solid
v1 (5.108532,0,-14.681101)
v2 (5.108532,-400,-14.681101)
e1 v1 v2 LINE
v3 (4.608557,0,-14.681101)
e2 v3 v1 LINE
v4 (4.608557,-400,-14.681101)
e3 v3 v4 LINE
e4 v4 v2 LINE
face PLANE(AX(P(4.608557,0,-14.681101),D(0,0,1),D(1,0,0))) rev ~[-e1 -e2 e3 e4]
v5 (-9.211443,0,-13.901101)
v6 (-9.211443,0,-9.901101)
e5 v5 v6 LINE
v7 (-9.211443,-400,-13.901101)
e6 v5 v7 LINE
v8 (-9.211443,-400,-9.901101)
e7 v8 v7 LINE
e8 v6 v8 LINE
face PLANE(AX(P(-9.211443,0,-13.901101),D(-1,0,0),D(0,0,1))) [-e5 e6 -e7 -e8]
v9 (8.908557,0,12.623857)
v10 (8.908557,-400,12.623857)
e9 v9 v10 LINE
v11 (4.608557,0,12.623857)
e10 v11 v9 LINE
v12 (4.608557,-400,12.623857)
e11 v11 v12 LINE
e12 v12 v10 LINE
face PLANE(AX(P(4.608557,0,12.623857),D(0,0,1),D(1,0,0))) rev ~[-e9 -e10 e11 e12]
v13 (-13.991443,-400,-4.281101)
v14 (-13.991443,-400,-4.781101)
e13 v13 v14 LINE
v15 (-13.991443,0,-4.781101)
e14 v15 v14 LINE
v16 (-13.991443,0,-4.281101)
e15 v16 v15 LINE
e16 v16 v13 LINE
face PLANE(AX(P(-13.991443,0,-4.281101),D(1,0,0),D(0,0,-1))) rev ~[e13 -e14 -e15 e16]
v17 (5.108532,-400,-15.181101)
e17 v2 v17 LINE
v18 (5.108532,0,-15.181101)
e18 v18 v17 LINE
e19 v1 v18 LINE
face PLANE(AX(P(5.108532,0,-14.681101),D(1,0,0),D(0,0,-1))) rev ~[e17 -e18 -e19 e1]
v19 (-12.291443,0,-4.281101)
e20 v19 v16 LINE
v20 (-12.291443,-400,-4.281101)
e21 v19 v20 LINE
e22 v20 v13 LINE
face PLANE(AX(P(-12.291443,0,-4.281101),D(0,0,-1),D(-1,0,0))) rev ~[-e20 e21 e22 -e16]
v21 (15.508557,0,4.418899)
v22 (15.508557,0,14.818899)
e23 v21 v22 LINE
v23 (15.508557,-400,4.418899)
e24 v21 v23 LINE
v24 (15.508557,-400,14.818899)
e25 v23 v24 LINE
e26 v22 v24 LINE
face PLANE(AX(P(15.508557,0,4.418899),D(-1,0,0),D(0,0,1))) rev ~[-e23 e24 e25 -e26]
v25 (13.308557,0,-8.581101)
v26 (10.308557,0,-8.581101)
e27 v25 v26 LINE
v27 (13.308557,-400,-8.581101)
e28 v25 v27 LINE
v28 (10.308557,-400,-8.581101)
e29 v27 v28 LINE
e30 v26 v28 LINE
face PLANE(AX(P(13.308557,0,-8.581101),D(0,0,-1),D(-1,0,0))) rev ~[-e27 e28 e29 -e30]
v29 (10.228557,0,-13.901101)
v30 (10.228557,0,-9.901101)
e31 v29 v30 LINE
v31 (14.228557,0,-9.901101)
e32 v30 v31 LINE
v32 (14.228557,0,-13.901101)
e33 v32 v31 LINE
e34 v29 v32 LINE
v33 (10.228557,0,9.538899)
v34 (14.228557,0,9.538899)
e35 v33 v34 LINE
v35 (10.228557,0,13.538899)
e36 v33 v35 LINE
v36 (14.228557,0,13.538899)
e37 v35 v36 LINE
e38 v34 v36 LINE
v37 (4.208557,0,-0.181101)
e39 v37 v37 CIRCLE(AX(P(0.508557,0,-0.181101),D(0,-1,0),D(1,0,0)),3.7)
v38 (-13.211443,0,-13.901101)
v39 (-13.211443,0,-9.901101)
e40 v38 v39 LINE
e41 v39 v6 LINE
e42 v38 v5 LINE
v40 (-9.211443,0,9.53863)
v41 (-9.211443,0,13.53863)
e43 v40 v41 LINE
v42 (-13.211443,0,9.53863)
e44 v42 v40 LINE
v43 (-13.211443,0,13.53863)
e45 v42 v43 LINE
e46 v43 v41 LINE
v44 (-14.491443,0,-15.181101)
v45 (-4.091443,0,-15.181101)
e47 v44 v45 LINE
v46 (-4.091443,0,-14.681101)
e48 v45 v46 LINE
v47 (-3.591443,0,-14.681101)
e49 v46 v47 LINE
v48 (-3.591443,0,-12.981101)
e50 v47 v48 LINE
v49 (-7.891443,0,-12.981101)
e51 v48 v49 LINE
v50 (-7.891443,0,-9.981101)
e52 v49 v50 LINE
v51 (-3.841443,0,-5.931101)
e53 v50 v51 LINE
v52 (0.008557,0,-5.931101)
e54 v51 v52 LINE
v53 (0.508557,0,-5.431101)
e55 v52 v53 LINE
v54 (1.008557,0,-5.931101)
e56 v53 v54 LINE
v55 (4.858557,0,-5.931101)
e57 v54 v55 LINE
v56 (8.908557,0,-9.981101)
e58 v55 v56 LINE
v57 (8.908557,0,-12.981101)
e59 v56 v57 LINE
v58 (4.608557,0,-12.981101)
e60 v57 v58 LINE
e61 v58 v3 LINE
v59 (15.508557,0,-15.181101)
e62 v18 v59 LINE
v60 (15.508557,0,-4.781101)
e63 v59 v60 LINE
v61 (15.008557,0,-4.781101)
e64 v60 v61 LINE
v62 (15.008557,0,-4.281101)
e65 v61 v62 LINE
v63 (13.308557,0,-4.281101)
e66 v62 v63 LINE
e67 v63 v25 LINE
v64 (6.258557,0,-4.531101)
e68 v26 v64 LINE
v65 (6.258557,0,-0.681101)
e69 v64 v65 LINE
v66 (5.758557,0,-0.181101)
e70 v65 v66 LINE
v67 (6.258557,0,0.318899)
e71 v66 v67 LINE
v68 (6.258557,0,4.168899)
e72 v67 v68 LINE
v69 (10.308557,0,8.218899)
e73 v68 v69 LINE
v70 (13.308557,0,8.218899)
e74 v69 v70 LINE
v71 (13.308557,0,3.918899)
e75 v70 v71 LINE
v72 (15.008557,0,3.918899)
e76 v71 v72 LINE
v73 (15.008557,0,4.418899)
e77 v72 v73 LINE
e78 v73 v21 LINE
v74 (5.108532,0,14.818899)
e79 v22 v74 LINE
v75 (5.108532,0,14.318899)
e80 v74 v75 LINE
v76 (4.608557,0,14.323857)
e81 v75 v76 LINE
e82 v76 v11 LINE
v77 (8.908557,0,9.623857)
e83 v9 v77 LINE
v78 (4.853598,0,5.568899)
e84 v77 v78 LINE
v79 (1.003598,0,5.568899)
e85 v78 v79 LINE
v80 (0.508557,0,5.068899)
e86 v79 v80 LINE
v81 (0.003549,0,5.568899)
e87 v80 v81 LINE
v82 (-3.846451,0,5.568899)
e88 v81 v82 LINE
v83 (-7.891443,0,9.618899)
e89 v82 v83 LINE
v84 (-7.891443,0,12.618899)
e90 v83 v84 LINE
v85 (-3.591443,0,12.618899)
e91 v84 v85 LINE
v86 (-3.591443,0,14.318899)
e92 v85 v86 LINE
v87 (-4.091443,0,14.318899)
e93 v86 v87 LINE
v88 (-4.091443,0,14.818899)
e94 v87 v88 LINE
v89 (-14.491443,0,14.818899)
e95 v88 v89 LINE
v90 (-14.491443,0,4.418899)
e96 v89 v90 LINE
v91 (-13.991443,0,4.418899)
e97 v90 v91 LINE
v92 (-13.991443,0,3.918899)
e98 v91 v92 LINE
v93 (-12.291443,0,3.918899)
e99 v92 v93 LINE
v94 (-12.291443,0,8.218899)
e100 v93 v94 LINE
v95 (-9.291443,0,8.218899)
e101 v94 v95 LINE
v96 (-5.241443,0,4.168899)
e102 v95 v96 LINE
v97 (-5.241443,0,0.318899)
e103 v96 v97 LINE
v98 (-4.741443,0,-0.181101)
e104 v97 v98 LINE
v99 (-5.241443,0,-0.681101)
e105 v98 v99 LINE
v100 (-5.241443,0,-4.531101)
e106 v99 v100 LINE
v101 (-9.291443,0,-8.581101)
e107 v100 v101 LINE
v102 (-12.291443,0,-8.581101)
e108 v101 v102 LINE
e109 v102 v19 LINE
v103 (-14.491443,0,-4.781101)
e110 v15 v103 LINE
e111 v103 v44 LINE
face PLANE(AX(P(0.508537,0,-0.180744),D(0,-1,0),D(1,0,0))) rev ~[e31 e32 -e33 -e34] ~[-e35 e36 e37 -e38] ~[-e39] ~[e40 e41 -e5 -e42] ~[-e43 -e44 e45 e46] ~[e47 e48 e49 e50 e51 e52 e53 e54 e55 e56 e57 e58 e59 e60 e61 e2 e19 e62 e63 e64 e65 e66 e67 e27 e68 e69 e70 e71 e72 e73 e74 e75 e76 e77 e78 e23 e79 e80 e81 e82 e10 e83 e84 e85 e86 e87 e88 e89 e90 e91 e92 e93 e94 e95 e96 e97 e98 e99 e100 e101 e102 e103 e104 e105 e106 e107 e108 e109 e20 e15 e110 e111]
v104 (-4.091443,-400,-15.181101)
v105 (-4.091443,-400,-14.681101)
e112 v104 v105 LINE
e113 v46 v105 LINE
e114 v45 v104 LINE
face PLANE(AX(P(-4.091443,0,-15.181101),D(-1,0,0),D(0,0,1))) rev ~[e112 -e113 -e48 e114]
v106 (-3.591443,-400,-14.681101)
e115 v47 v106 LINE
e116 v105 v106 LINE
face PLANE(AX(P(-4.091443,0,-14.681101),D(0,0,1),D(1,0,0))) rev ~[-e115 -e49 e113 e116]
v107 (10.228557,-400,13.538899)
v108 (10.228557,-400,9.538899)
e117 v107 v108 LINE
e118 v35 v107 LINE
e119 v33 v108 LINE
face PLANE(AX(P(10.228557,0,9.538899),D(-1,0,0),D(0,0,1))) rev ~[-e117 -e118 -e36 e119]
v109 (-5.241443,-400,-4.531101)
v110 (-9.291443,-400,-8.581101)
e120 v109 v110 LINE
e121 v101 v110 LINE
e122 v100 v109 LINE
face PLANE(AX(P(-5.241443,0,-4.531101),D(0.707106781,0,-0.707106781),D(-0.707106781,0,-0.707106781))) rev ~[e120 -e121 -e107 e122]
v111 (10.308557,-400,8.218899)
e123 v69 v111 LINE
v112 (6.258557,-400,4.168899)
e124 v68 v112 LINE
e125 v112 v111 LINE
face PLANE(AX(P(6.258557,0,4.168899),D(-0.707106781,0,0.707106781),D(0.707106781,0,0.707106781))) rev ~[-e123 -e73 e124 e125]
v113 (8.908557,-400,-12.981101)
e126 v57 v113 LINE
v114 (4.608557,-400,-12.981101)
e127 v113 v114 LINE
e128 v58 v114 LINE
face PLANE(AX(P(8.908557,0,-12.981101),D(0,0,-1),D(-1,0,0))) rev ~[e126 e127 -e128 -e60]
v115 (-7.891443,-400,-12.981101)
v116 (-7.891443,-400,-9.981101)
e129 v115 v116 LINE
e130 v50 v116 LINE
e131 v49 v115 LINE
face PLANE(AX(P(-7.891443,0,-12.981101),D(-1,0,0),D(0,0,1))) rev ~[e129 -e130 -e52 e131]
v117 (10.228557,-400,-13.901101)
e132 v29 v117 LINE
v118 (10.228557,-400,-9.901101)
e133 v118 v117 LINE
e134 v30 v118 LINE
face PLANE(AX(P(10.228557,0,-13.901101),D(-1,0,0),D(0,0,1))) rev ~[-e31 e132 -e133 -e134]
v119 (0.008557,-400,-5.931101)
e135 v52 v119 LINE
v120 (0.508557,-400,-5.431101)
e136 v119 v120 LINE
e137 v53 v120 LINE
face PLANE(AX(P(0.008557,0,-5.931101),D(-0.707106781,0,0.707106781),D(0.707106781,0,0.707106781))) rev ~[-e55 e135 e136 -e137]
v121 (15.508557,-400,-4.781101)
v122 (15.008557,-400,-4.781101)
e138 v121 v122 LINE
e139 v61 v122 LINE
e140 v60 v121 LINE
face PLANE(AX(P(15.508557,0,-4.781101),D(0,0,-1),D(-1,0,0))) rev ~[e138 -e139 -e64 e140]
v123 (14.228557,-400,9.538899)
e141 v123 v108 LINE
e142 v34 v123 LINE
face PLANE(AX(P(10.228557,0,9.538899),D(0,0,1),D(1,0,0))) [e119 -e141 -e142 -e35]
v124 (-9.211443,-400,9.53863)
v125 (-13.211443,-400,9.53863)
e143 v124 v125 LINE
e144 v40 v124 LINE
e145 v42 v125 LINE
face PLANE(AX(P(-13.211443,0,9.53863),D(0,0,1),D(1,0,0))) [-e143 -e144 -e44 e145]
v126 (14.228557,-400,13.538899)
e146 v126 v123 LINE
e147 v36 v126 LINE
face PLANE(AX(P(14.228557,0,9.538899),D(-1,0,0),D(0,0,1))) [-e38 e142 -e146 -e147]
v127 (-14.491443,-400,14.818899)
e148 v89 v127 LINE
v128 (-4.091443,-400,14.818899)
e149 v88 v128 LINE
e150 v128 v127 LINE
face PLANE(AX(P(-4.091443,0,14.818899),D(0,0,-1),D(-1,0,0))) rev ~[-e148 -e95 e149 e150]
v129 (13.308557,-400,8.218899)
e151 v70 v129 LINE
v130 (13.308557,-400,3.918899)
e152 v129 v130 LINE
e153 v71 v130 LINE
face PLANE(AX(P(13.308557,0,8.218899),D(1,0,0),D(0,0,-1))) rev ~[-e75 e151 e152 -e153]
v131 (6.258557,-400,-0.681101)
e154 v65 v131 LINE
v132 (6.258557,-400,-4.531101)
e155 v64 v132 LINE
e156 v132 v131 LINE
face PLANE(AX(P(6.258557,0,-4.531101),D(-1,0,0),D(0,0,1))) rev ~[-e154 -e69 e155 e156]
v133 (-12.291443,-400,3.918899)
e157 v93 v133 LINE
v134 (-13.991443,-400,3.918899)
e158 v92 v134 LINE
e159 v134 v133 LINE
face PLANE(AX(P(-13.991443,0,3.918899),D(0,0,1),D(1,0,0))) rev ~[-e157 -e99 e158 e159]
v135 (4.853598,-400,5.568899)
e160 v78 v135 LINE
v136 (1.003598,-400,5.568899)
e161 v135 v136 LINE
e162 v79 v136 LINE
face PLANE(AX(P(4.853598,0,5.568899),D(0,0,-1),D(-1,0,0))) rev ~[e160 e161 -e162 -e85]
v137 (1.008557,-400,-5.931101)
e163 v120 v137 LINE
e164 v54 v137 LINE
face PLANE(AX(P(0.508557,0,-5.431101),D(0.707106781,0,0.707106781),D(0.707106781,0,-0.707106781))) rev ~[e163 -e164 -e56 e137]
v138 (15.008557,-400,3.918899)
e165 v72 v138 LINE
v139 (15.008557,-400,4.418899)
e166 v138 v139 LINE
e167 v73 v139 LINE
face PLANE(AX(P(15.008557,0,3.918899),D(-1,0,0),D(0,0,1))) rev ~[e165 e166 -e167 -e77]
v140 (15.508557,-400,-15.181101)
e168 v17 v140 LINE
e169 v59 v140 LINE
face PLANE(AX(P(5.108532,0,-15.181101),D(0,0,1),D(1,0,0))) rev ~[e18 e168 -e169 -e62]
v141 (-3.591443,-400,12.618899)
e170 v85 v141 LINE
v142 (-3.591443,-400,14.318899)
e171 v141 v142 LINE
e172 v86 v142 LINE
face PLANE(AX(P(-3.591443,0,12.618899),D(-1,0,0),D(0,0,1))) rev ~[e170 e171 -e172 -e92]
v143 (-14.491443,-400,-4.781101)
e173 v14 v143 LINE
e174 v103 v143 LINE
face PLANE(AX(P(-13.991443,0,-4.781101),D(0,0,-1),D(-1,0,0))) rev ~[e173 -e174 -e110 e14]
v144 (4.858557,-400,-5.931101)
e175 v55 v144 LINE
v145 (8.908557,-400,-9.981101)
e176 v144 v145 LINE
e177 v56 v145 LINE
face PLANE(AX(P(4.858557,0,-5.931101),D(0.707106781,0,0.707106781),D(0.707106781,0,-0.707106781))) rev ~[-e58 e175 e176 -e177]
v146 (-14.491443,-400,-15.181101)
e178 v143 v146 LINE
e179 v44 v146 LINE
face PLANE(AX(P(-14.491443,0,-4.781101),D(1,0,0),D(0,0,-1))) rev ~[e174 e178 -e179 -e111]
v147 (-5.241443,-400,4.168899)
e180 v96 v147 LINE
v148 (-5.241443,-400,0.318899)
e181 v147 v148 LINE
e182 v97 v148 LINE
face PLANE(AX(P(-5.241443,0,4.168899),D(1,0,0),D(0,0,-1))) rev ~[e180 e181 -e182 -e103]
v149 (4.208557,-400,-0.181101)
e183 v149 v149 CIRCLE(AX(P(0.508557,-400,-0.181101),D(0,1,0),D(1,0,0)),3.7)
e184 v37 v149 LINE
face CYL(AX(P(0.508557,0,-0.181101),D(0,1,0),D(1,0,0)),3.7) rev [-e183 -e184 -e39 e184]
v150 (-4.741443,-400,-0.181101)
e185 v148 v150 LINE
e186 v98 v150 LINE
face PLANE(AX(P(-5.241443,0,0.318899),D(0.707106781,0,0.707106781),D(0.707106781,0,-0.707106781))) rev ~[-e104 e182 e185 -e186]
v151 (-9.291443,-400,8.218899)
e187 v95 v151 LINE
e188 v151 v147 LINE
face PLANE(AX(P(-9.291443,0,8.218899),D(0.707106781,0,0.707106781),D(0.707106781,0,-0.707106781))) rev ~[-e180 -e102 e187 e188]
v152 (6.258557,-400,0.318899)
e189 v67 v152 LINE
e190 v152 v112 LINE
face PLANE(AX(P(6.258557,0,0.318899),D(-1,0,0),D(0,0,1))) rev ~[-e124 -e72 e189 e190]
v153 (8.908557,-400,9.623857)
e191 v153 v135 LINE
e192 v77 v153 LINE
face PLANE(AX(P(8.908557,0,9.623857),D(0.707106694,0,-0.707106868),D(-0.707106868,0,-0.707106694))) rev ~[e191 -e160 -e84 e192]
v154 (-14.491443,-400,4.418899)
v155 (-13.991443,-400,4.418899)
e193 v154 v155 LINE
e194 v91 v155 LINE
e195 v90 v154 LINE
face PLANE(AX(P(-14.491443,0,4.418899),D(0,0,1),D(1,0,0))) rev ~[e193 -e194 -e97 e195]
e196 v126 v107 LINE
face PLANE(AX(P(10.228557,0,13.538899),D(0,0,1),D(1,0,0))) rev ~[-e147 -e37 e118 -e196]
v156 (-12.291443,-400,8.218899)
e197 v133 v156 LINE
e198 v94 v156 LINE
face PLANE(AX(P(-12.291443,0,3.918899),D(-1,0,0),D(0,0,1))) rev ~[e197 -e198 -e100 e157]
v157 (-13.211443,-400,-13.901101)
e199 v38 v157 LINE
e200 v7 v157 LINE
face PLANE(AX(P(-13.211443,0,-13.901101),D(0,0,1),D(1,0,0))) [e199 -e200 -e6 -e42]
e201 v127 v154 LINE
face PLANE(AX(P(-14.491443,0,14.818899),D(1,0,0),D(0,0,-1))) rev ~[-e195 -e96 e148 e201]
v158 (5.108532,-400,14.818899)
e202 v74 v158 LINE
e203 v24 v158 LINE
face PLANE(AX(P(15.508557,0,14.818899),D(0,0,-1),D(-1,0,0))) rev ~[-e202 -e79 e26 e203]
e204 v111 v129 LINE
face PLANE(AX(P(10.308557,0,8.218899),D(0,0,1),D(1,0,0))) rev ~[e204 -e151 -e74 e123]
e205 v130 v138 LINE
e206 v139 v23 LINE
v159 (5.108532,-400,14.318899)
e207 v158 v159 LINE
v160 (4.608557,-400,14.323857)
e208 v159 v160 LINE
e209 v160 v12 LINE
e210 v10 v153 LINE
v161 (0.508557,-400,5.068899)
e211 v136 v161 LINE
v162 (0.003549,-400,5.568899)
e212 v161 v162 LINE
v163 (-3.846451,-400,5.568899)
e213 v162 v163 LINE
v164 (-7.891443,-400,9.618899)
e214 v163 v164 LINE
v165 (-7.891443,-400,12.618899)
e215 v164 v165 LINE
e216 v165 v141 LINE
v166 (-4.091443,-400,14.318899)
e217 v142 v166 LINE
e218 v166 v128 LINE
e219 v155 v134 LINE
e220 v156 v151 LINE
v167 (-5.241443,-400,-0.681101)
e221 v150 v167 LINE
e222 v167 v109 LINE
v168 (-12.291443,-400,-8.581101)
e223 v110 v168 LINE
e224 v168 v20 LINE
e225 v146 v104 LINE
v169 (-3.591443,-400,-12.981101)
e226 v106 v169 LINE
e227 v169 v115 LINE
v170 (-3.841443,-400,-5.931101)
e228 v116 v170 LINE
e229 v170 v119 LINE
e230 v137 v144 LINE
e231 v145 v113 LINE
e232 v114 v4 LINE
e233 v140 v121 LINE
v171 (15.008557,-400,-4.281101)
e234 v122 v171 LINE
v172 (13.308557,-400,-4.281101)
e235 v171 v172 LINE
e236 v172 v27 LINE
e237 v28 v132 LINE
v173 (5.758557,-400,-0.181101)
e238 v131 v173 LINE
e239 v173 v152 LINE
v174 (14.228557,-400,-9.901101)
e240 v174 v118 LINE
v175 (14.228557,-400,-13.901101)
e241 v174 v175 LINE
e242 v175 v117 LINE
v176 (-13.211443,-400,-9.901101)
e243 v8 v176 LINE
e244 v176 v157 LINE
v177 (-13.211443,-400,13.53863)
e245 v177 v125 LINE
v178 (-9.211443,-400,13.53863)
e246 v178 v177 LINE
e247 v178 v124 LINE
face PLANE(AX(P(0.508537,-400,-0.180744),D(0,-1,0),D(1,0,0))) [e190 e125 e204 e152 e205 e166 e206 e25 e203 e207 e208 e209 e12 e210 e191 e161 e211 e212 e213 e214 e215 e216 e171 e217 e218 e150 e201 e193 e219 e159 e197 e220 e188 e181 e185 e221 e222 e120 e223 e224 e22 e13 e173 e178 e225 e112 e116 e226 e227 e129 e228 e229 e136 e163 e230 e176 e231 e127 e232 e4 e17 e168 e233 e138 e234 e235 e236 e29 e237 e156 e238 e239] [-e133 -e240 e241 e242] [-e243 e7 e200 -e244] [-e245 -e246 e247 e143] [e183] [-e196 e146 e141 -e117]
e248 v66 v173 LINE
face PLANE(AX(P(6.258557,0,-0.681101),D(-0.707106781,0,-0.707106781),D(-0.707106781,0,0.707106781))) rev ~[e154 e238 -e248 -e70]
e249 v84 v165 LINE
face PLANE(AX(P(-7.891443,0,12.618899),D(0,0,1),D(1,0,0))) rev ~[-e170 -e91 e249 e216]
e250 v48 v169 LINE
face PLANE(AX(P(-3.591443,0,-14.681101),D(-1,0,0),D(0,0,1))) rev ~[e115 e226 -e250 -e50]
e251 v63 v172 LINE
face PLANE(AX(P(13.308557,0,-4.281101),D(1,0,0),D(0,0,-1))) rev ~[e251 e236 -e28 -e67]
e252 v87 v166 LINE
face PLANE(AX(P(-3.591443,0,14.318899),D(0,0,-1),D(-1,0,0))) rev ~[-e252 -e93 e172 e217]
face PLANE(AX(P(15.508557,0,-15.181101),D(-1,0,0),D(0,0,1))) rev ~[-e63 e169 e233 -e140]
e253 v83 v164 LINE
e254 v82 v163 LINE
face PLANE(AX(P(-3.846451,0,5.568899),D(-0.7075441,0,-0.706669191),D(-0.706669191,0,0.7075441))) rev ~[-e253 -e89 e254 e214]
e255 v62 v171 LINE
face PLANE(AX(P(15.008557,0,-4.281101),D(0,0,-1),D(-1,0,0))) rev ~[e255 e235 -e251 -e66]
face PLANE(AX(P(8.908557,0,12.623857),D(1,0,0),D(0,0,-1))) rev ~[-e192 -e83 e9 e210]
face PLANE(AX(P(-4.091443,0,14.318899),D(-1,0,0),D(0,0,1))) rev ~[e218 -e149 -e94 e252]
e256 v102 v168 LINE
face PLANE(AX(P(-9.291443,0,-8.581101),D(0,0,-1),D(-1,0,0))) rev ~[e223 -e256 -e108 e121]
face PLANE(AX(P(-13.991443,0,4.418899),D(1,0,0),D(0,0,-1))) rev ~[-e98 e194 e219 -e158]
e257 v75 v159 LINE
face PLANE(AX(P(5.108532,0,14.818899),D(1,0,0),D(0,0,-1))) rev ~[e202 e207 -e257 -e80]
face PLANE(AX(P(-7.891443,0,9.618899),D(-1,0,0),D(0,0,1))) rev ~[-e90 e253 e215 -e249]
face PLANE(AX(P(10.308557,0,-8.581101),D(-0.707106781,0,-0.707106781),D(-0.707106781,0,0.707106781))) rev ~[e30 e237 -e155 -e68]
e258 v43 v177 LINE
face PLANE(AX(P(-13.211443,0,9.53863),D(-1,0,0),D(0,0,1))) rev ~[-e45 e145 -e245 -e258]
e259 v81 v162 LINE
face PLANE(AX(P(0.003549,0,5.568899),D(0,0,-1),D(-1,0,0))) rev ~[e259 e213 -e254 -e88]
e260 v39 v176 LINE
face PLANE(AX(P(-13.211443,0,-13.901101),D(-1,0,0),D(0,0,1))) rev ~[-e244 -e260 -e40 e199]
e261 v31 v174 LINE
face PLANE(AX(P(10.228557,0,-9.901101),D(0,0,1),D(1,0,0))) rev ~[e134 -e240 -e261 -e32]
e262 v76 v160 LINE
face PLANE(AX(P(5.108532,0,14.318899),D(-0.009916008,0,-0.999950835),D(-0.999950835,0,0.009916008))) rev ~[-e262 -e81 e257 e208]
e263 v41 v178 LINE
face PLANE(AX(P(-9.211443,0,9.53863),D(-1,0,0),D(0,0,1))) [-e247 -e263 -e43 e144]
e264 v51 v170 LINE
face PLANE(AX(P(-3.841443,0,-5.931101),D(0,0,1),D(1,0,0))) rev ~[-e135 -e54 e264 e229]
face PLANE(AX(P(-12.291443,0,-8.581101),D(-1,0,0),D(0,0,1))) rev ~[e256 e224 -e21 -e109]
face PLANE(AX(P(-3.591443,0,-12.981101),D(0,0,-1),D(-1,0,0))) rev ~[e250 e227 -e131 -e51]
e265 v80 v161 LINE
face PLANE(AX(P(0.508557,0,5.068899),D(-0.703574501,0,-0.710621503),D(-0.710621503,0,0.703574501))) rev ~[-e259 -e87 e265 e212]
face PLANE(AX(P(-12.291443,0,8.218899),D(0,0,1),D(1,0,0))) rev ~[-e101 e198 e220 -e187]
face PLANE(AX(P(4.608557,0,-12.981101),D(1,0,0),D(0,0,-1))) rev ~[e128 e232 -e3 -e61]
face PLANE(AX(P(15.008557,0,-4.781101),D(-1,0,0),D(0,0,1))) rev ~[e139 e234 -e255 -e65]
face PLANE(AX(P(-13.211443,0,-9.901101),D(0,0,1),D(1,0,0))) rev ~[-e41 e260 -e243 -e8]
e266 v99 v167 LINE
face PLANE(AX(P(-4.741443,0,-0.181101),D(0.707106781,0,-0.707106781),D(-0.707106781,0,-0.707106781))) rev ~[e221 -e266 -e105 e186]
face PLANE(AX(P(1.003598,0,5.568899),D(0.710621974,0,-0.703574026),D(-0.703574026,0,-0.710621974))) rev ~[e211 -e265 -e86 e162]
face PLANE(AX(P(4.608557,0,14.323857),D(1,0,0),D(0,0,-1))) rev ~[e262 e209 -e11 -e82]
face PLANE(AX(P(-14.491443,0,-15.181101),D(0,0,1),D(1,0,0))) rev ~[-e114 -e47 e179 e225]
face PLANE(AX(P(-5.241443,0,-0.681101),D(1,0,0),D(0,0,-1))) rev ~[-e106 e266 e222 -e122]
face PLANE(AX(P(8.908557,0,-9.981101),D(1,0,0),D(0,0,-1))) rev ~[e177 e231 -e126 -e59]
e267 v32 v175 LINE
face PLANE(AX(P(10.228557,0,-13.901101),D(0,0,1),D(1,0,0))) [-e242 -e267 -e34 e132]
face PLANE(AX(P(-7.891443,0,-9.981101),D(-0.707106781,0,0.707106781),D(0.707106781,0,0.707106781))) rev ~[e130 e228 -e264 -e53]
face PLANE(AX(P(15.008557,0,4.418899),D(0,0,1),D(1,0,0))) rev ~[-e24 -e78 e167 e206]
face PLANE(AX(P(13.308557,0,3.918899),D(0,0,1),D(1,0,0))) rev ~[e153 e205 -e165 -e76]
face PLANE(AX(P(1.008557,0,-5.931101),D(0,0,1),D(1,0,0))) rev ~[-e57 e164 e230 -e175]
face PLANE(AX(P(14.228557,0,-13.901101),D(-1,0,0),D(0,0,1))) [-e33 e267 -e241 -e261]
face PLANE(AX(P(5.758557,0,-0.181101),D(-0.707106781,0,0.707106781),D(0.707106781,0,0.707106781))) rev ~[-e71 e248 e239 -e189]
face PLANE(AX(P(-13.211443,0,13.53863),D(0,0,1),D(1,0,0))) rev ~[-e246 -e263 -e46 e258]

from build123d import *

# Parameters (mm, degrees)
F2_DEPTH = 400
F1_R     = 3.7
F1_W     = 4
F1_H     = 4
F3_DEPTH = 400.001


with BuildPart() as f2:
    # F0 (on Front) → F2 (new body)
    with BuildSketch(Plane.XZ):
        Polygon((-4.091443, 14.818899), (-14.491443, 14.818899), (-14.491443, 4.418899), (-13.991443, 4.418899), (-13.991443, 3.918899), (-12.291443, 3.918899), (-12.291443, 8.218899), (-9.291443, 8.218899), (-5.241443, 4.168899), (-5.241443, 0.318899), (-4.741443, -0.181101), (-5.241443, -0.681101), (-5.241443, -4.531101), (-9.291443, -8.581101), (-12.291443, -8.581101), (-12.291443, -4.281101), (-13.991443, -4.281101), (-13.991443, -4.781101), (-14.491443, -4.781101), (-14.491443, -15.181101), (-4.091443, -15.181101), (-4.091443, -14.681101), (-3.591443, -14.681101), (-3.591443, -12.981101), (-7.891443, -12.981101), (-7.891443, -9.981101), (-3.841443, -5.931101), (0.008557, -5.931101), (0.508557, -5.431101), (1.008557, -5.931101), (4.858557, -5.931101), (8.908557, -9.981101), (8.908557, -12.981101), (4.608557, -12.981101), (4.608557, -14.681101), (5.108532, -14.681101), (5.108532, -15.181101), (15.508557, -15.181101), (15.508557, -4.781101), (15.008557, -4.781101), (15.008557, -4.281101), (13.308557, -4.281101), (13.308557, -8.581101), (10.308557, -8.581101), (6.258557, -4.531101), (6.258557, -0.681101), (5.758557, -0.181101), (6.258557, 0.318899), (6.258557, 4.168899), (10.308557, 8.218899), (13.308557, 8.218899), (13.308557, 3.918899), (15.008557, 3.918899), (15.008557, 4.418899), (15.508557, 4.418899), (15.508557, 14.818899), (5.108532, 14.818899), (5.108532, 14.318899), (4.608557, 14.323857), (4.608557, 12.623857), (8.908557, 12.623857), (8.908557, 9.623857), (4.853598, 5.568899), (1.003598, 5.568899), (0.508557, 5.068899), (0.003549, 5.568899), (-3.846451, 5.568899), (-7.891443, 9.618899), (-7.891443, 12.618899), (-3.591443, 12.618899), (-3.591443, 14.318899), (-4.091443, 14.318899), align=None)
    extrude(amount=F2_DEPTH)

    # F1 (on Front) → F3 (cut, through all)
    with BuildSketch(Plane.XZ):
        with Locations((0.508557, -0.181101)):
            Circle(F1_R)
        with Locations((12.228557, 11.538899)):
            Rectangle(F1_W, F1_H)
        with Locations((12.228557, -11.901101)):
            Rectangle(F1_W, F1_H)
        with Locations((-11.211443, -11.901101)):
            Rectangle(F1_W, F1_H)
        with Locations((-11.211443, 11.53863)):
            Rectangle(F1_W, F1_H)
    extrude(amount=F3_DEPTH, mode=Mode.SUBTRACT)


solid = f2.part
